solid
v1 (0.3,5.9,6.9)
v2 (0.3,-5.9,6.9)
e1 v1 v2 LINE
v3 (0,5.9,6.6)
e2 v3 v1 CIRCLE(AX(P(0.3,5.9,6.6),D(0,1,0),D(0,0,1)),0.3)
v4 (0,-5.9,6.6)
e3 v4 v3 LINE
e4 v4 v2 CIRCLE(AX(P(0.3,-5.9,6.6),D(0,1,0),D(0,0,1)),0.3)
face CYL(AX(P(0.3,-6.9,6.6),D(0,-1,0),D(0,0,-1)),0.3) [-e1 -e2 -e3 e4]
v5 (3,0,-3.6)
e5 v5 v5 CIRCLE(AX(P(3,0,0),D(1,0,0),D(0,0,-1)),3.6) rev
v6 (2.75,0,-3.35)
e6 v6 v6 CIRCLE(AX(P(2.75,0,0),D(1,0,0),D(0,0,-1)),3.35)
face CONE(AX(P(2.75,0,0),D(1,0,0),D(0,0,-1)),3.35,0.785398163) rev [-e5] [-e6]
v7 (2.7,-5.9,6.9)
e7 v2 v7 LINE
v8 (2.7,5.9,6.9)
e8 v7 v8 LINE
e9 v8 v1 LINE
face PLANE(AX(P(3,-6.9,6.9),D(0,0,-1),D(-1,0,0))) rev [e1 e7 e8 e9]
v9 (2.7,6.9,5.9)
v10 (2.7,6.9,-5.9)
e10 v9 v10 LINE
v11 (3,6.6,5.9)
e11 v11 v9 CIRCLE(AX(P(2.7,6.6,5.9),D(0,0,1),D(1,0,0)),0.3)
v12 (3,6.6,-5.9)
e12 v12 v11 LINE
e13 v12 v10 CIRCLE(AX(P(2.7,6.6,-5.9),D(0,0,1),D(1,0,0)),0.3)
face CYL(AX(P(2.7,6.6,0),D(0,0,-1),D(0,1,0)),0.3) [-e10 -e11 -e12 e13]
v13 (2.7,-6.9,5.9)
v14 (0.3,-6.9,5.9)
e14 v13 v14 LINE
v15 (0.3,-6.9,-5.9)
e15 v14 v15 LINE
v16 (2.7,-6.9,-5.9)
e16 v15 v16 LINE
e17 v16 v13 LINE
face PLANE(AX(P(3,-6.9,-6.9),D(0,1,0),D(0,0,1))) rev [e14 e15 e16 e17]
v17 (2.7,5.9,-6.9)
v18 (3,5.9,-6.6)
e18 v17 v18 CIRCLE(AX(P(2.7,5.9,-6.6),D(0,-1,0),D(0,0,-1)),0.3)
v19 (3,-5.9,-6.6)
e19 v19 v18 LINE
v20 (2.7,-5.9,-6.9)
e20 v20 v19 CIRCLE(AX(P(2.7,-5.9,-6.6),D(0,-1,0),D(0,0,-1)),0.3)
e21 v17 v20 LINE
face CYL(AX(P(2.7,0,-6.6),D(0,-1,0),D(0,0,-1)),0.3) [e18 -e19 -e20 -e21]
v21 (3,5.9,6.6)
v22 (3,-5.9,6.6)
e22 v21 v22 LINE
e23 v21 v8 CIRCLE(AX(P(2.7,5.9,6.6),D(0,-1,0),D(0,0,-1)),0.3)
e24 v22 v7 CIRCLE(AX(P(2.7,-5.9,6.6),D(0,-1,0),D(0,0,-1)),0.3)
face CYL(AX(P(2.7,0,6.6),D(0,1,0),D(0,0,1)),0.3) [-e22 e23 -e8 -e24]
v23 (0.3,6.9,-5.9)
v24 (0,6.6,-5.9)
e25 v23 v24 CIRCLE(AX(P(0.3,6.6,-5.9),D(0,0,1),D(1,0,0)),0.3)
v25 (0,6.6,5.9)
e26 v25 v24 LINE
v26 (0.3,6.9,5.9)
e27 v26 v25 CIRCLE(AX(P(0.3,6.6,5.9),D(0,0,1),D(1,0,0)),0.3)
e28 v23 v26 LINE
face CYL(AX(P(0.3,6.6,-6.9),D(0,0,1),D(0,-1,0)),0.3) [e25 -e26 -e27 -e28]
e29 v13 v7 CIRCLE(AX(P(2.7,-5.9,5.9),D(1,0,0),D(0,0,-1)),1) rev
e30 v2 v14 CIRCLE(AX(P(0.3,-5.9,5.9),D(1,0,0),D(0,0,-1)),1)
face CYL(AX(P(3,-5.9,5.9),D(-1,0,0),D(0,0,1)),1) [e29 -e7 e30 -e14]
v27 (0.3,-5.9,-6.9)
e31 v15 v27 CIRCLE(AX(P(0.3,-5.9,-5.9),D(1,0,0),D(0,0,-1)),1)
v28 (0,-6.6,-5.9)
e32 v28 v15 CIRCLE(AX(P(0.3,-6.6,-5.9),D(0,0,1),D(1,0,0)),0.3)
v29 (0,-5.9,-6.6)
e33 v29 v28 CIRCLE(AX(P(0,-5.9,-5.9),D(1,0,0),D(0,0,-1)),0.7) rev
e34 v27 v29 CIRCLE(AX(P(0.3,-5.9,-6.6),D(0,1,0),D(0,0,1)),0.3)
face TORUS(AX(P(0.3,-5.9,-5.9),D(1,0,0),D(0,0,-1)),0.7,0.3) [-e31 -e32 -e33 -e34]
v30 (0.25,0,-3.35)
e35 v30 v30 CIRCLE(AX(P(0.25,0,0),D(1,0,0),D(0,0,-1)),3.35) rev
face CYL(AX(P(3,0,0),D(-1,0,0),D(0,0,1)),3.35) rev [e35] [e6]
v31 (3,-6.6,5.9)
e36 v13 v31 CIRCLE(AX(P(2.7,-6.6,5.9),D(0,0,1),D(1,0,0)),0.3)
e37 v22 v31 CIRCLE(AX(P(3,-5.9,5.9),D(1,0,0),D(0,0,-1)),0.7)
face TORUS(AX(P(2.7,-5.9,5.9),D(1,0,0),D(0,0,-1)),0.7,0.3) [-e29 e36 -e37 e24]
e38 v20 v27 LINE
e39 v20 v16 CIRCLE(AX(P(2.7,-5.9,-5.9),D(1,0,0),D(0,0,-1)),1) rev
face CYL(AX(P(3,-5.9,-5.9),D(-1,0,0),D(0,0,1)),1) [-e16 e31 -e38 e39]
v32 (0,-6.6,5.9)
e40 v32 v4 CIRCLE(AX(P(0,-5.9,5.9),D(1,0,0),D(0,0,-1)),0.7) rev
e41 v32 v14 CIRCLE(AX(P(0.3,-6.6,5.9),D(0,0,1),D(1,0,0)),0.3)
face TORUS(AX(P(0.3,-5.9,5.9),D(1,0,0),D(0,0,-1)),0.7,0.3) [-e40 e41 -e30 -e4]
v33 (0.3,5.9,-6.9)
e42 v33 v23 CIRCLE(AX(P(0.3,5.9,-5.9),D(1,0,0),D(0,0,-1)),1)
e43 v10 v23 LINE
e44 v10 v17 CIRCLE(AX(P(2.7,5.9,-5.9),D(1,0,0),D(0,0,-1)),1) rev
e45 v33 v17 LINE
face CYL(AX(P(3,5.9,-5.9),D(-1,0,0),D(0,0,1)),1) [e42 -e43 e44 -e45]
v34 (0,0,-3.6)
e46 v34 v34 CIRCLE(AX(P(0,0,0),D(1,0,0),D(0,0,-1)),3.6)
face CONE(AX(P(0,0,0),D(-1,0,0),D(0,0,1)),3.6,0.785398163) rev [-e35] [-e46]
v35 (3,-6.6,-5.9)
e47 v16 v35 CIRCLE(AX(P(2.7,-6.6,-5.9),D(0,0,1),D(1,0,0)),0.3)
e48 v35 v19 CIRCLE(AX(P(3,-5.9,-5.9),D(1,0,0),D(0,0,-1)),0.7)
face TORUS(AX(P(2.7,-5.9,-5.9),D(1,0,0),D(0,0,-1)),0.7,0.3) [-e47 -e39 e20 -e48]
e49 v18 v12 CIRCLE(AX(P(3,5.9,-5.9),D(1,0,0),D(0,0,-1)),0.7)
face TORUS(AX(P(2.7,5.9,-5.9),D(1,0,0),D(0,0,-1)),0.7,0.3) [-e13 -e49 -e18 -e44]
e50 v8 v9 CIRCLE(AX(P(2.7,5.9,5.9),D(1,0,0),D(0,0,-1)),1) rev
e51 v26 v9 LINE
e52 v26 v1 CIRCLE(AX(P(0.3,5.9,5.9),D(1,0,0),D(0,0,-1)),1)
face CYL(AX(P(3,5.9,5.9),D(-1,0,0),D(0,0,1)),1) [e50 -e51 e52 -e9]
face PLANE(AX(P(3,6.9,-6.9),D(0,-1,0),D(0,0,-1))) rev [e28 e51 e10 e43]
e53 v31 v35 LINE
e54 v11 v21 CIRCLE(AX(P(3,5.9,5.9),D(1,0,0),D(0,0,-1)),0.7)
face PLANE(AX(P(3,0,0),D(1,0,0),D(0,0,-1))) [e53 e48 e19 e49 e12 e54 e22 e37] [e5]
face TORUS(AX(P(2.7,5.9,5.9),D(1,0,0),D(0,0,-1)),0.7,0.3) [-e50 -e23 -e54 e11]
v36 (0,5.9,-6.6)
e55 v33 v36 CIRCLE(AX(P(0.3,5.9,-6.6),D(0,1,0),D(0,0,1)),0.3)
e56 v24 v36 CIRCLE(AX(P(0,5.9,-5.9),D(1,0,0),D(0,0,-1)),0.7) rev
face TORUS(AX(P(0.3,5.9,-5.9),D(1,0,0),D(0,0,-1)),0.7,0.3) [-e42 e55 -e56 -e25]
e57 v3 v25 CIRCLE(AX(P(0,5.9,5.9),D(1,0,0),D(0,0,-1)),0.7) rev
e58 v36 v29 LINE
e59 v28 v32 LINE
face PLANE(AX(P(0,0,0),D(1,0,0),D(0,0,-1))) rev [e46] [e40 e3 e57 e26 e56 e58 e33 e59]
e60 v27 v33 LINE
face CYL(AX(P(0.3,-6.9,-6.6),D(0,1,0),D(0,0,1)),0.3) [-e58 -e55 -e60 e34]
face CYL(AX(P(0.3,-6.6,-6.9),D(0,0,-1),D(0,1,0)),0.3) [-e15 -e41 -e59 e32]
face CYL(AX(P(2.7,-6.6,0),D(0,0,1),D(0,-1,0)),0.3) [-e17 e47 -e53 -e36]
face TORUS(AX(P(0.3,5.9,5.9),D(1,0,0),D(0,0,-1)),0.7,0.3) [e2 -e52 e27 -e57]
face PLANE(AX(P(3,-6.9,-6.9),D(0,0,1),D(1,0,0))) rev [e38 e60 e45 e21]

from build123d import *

# Parameters (mm, degrees)
SKETCH1_W           = 13.8
SKETCH1_H           = 13.8
BOSS_EXTRUDE1_DEPTH = 3
SKETCH2_R           = 3.35
CUT_EXTRUDE1_DEPTH  = 4
CHAMFER1_SIZE       = 0.25
FILLET1_R           = 1
FILLET2_R           = 0.3


with BuildPart() as part:
    # Sketch1 → Boss-Extrude1 (new body)
    with BuildSketch(Plane(origin=(0, 0, 0), x_dir=(0, 0, -1), z_dir=(1, 0, 0))):
        Rectangle(SKETCH1_W, SKETCH1_H)
    extrude(amount=BOSS_EXTRUDE1_DEPTH)

    # Sketch2 → Cut-Extrude1 (cut, through all)
    with BuildSketch(Plane(origin=(0, 0, 0), x_dir=(0, 0, -1), z_dir=(1, 0, 0))):
        Circle(SKETCH2_R)
    extrude(amount=CUT_EXTRUDE1_DEPTH, mode=Mode.SUBTRACT)

    # Chamfer1
    chamfer1_edges = [part.edges().sort_by_distance(p)[0] for p in [
        (0, 0, 3.35),
        (3, 0, 3.35),
    ]]
    chamfer(chamfer1_edges, length=CHAMFER1_SIZE)

    # Fillet1
    fillet1_edges = [part.edges().sort_by_distance(p)[0] for p in [
        (1.5, 6.9, 6.9),
        (1.5, 6.9, -6.9),
        (1.5, -6.9, -6.9),
        (1.5, -6.9, 6.9),
    ]]
    fillet(fillet1_edges, radius=FILLET1_R)

    # Fillet2
    fillet2_edges = [part.edges().sort_by_distance(p)[0] for p in [
        (0, 6.9, 0),
        (3, 6.9, 0),
        (0, 0, 6.9),
        (0, 0, -6.9),
        (0, -6.9, 0),
        (0, 6.607106781, 6.607106781),
        (0, -6.607106781, 6.607106781),
        (0, -6.607106781, -6.607106781),
        (0, 6.607106781, -6.607106781),
        (3, 0, -6.9),
        (3, 0, 6.9),
        (3, -6.9, 0),
        (3, 6.607106781, 6.607106781),
        (3, -6.607106781, 6.607106781),
        (3, -6.607106781, -6.607106781),
        (3, 6.607106781, -6.607106781),
    ]]
    fillet(fillet2_edges, radius=FILLET2_R)


solid = part.part
